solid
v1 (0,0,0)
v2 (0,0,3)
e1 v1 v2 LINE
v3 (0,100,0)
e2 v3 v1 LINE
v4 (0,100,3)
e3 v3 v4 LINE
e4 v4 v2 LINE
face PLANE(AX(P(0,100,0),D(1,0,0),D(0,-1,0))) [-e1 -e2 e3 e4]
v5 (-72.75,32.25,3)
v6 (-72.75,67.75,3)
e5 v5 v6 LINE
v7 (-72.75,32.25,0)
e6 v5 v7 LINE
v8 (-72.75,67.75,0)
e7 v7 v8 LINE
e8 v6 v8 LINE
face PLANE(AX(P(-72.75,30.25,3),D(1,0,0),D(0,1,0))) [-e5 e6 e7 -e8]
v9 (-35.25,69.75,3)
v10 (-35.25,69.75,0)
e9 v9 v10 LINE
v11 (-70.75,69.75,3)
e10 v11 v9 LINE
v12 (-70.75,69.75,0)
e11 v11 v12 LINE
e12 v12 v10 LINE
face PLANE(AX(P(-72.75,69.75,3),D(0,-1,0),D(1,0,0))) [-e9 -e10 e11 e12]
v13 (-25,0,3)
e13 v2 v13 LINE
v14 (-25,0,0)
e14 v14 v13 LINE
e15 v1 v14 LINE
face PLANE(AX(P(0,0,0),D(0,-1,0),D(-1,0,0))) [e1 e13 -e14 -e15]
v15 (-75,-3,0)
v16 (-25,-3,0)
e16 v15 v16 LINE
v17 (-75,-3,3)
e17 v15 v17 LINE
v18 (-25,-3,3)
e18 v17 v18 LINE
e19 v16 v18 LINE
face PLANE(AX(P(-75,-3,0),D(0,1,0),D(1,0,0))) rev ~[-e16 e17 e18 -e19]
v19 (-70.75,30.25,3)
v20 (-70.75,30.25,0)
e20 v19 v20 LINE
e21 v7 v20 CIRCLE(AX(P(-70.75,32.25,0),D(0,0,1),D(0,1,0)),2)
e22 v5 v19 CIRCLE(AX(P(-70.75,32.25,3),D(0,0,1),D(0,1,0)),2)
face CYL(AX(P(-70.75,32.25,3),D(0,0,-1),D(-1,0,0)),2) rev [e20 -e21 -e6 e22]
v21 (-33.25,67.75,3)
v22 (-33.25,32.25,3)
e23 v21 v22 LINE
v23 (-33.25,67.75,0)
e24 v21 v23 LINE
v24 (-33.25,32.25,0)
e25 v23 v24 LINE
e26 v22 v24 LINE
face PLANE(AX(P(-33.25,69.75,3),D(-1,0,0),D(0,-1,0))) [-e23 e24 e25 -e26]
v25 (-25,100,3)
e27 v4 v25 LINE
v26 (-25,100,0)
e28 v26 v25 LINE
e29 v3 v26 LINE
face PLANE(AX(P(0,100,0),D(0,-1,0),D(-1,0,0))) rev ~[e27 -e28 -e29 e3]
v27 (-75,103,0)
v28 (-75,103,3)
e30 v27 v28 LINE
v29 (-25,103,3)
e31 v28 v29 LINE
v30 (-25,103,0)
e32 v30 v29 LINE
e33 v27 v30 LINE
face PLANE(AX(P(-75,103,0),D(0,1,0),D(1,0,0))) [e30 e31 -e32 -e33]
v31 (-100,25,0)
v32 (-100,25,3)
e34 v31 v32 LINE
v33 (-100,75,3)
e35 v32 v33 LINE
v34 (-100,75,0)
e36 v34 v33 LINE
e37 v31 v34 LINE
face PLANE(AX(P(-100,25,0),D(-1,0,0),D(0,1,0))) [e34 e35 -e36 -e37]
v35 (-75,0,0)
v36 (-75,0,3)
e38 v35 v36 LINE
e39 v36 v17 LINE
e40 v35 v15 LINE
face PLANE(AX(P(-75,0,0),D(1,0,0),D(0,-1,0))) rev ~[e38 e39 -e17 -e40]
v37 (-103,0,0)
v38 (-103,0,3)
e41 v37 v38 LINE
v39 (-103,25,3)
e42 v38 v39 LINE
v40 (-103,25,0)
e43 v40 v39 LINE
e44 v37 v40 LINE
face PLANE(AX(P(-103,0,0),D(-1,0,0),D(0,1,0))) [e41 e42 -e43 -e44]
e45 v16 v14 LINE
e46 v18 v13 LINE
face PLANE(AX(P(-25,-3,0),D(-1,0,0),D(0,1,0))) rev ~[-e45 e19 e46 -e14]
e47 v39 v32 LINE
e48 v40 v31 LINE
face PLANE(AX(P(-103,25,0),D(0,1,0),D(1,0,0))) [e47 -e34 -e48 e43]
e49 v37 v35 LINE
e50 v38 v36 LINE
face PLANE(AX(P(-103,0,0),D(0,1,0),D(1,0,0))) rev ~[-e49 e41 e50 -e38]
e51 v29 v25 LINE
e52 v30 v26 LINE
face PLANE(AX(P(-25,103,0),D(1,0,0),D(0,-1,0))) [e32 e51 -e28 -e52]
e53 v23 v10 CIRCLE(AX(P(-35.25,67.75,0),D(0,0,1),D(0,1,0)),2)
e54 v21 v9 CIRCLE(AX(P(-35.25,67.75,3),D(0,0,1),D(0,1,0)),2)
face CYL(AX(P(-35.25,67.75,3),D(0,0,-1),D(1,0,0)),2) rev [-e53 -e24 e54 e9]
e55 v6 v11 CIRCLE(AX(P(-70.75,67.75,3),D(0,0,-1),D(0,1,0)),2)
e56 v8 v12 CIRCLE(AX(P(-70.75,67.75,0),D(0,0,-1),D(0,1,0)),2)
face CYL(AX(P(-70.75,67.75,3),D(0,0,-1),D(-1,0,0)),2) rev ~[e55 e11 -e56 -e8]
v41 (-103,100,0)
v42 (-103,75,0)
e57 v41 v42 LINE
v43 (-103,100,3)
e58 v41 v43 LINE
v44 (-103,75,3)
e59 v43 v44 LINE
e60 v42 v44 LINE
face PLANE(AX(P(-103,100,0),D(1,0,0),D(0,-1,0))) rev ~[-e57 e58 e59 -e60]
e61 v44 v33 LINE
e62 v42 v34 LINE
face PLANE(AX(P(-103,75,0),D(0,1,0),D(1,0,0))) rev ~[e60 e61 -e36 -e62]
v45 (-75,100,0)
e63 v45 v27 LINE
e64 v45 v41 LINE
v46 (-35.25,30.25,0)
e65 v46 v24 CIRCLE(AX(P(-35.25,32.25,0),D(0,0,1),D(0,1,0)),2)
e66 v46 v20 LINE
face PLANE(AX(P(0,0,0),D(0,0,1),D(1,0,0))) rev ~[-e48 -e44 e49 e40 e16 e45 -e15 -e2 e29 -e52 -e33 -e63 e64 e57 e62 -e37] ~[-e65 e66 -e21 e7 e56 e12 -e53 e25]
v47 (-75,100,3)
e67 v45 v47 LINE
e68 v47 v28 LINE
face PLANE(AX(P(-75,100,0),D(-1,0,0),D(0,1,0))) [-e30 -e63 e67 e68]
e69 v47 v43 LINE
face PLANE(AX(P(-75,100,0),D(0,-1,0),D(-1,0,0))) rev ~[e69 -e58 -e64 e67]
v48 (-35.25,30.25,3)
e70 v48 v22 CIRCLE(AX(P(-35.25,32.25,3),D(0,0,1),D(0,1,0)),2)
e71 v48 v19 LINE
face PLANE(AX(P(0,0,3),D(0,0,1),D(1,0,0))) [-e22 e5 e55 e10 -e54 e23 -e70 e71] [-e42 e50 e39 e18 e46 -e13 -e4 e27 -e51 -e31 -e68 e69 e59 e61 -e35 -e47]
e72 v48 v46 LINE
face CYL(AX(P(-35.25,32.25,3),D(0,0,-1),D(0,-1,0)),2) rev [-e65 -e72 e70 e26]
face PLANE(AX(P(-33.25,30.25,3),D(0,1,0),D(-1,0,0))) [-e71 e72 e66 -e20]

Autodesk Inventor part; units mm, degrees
ref_plane "YZ Plane" through (0, 0, 0) normal (1, 0, 0) x (0, 1, 0)
ref_plane "XZ Plane" through (0, 0, 0) normal (0, 1, 0) x (-1, 0, 0)
ref_plane "XY Plane" through (0, 0, 0) normal (0, 0, 1) x (1, 0, 0)
sketch "Boceto1" plane through (0, 0, 0) normal (0, 0, 1) x (1, 0, 0)
  line L0 (0, 100) -> (0, 0)
  line L1 (-100, 25) -> (-100, 75)
  line L2 (-75, 0) -> (-75, -3)
  line L3 (-75, -3) -> (-25, -3)
  line L4 (-25, -3) -> (-25, 0)
  line L5 (0, 0) -> (-25, 0)
  line L6 (-103, 100) -> (-103, 75)
  line L7 (-103, 75) -> (-100, 75)
  line L8 (-103, 0) -> (-103, 25)
  line L9 (-103, 25) -> (-100, 25)
  line L10 (-103, 0) -> (-75, 0)
  line L11 (-75, 100) -> (-75, 103)
  line L12 (-75, 103) -> (-25, 103)
  line L13 (-25, 103) -> (-25, 100)
  line L14 (0, 100) -> (-25, 100)
  line L15 (-75, 100) -> (-103, 100)
  dimension "d1" = 100
  dimension "d4" = 50
  dimension "d5" = 25
  dimension "d7" = 25
  dimension "d8" = 25
  dimension "d9" = 3
  dimension "d10" = 3
  dimension "d11" = 100
  dimension "d13" = 50
  dimension "d14" = 3
extrude "Extrusión2" add sketch "Boceto1" along normal blind 3
sketch "Boceto2" plane through (0, 0, 3) normal (0, 0, 1) x (1, 0, 0)
  line L0 (-75, 100) -> (-103, 100) projected
  line L1 (-72.75, 69.75) -> (-33.25, 69.75)
  line L2 (-33.25, 69.75) -> (-33.25, 30.25)
  line L3 (-33.25, 30.25) -> (-72.75, 30.25)
  line L4 (-72.75, 30.25) -> (-72.75, 69.75)
  line L5 (-103, 25) -> (-103, 0) projected
  point P0 (0, 0)
  dimension "d37" = 39.5
  dimension "d38" = 39.5
  dimension "d39" = 30.25
  dimension "d40" = 30.25
extrude "Extrusión3" cut sketch "Boceto2" against normal blind 3
fillet "Empalme1" radius 2 4 edges at (-72.75, 69.75, 1.5) (-33.25, 69.75, 1.5) (-33.25, 30.25, 1.5) (-72.75, 30.25, 1.5)
properties part number "Control lateral"
